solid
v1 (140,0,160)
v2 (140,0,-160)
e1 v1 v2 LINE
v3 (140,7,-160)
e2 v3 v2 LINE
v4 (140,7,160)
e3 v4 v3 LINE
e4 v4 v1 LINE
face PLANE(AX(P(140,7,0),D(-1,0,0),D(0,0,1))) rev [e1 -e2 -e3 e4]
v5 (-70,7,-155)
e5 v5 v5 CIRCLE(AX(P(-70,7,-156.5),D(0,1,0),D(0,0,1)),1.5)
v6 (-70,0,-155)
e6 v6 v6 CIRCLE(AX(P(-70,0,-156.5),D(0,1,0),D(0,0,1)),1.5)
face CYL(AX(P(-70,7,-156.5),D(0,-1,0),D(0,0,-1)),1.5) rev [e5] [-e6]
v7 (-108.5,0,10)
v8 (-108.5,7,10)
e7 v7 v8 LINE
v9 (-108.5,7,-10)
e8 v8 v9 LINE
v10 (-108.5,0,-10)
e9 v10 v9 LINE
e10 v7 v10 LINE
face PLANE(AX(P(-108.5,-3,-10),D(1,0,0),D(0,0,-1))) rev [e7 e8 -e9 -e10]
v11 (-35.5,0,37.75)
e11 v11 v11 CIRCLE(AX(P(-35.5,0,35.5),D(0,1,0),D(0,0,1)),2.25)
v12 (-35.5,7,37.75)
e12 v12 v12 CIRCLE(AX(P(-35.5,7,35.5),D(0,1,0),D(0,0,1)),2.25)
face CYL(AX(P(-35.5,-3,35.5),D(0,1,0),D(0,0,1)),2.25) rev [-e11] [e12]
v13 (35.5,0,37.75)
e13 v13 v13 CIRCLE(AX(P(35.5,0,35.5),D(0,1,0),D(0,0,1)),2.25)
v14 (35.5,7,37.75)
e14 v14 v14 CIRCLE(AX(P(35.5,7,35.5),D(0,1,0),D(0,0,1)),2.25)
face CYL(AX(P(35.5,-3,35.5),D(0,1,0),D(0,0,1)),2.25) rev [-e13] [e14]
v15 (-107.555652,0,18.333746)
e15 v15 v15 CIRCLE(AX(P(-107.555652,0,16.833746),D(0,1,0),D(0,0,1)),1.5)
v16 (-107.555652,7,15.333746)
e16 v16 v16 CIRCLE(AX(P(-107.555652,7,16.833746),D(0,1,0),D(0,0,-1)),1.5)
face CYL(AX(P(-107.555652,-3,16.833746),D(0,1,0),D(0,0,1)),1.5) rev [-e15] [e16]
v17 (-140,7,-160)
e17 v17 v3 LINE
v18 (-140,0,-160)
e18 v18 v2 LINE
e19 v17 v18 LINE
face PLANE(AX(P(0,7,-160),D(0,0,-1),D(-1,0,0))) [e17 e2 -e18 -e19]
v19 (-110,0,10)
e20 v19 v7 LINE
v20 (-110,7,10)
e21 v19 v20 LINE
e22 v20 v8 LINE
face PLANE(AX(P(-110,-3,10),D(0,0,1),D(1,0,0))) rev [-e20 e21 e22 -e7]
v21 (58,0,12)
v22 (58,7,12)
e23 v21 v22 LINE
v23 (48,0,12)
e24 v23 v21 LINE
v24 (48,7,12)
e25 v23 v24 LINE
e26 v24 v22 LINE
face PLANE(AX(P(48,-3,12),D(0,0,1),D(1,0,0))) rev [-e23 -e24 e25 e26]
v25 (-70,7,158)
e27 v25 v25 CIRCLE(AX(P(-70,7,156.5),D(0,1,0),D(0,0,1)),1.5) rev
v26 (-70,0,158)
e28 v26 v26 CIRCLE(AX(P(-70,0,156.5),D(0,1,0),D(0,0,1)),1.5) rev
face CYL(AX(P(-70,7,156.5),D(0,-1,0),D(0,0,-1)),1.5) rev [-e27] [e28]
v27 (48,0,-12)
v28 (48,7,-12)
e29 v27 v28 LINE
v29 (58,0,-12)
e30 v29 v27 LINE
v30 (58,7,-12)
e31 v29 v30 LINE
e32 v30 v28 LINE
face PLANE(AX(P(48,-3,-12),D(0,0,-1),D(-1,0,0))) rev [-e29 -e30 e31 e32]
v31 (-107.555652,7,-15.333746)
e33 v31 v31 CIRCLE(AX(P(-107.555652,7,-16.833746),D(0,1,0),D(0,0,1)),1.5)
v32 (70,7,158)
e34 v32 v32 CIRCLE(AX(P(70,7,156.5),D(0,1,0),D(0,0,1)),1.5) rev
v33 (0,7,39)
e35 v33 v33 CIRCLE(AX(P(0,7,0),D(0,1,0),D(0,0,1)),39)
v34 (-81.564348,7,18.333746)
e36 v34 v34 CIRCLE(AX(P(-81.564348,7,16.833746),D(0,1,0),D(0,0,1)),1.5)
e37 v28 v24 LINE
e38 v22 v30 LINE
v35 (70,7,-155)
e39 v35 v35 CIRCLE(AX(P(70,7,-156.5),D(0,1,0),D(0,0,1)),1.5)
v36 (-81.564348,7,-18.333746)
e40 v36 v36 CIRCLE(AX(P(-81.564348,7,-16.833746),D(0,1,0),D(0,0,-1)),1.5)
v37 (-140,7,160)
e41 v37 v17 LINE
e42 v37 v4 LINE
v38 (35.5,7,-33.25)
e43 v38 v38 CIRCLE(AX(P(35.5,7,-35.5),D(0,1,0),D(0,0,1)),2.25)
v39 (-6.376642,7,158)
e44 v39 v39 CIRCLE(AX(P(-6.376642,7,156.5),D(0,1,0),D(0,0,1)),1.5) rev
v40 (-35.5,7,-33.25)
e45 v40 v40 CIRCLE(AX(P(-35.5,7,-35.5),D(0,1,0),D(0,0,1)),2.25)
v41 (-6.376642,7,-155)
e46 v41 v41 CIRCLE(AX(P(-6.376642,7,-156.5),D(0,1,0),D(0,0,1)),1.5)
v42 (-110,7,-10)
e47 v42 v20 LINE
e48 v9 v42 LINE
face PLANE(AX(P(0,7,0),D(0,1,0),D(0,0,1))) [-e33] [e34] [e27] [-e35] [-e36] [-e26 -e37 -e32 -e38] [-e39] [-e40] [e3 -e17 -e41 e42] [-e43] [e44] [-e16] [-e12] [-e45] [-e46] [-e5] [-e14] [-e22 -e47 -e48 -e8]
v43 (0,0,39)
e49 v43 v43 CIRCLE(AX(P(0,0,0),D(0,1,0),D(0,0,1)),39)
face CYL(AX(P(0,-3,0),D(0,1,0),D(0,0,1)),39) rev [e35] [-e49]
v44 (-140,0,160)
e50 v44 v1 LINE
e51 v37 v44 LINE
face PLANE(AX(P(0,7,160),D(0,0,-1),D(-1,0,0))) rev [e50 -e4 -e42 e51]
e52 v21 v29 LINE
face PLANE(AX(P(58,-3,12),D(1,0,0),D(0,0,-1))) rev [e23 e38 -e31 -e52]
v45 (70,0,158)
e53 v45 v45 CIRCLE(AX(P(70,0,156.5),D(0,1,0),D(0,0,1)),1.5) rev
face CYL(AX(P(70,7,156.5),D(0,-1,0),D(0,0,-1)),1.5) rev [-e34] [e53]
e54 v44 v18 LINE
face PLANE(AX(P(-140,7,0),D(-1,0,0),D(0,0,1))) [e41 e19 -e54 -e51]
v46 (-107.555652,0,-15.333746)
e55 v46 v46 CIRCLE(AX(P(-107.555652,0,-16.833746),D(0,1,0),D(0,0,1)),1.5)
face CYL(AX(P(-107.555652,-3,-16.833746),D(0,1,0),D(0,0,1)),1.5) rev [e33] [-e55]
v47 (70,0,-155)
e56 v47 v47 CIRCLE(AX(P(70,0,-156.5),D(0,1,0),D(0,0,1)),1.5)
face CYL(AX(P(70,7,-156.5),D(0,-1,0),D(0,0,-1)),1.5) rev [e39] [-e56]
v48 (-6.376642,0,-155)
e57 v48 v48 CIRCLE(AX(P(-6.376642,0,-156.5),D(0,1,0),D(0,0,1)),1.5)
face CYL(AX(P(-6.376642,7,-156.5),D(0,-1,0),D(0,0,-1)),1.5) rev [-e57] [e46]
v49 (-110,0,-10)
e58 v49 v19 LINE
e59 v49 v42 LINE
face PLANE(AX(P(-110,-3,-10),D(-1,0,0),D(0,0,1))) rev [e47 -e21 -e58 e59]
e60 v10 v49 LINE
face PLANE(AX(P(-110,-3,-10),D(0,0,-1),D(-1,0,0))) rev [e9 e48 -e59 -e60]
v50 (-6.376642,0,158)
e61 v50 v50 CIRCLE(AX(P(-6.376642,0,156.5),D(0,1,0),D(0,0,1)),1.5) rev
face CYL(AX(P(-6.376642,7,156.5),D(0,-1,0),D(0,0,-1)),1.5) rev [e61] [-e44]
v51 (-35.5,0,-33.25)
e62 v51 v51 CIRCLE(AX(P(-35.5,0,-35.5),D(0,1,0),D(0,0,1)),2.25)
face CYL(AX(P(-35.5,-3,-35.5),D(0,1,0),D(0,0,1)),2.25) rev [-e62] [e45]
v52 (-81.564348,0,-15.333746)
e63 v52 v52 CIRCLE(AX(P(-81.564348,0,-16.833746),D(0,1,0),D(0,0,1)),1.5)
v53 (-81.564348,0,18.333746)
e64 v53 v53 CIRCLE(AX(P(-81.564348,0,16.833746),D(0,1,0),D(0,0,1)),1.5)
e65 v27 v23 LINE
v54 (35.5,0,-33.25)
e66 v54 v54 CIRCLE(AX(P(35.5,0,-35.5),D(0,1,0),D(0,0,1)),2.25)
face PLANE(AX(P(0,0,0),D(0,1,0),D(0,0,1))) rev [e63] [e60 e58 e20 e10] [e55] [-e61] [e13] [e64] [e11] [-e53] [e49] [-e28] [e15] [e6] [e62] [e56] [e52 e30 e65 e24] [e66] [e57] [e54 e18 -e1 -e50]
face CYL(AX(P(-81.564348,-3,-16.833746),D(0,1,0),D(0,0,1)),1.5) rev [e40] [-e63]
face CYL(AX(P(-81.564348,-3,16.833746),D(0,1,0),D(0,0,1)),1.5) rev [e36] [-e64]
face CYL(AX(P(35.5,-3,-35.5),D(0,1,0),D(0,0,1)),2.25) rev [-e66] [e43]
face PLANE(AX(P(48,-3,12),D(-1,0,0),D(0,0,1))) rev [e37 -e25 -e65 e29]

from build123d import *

# Parameters (mm, degrees)
SKETCH1_W           = 280
SKETCH1_H           = 320
SKETCH1_R           = 1.5
BOSS_EXTRUDE1_DEPTH = 7
SKETCH2_R           = 39
SKETCH2_R_2         = 2.25
SKETCH2_R_3         = 1.5
SKETCH2_W           = 10
SKETCH2_H           = 24
SKETCH2_W_2         = 1.5
SKETCH2_H_2         = 20
CUT_EXTRUDE1_DEPTH  = 10


with BuildPart() as part:
    # Sketch1 → Boss-Extrude1 (new body)
    with BuildSketch(Plane(origin=(0, 0, 0), x_dir=(1, 0, 0), z_dir=(0, 1, 0))):
        Rectangle(SKETCH1_W, SKETCH1_H)
        with Locations(Location((-6.376642336, -156.5, 0), (0, 0, 270))):
            Circle(SKETCH1_R, mode=Mode.SUBTRACT)
        with Locations(Location((-70, 156.5, 0), (0, 0, 270))):
            Circle(SKETCH1_R, mode=Mode.SUBTRACT)
        with Locations(Location((-6.376642336, 156.5, 0), (0, 0, 270))):
            Circle(SKETCH1_R, mode=Mode.SUBTRACT)
        with Locations(Location((70, 156.5, 0), (0, 0, 270))):
            Circle(SKETCH1_R, mode=Mode.SUBTRACT)
        with Locations(Location((70, -156.5, 0), (0, 0, 270))):
            Circle(SKETCH1_R, mode=Mode.SUBTRACT)
        with Locations(Location((-70, -156.5, 0), (0, 0, 270))):
            Circle(SKETCH1_R, mode=Mode.SUBTRACT)
    extrude(amount=BOSS_EXTRUDE1_DEPTH)

    # Sketch2 → Cut-Extrude1 (cut)
    with BuildSketch(Plane(origin=(0, 7, 0), x_dir=(1, 0, 0), z_dir=(0, 1, 0))):
        with Locations(Location((0, 0, 0), (0, 0, 270))):
            Circle(SKETCH2_R)
        with Locations(Location((-35.5, 35.5, 0), (0, 0, 270))):
            Circle(SKETCH2_R_2)
        with Locations(Location((35.5, 35.5, 0), (0, 0, 270))):
            Circle(SKETCH2_R_2)
        with Locations(Location((35.5, -35.5, 0), (0, 0, 270))):
            Circle(SKETCH2_R_2)
        with Locations(Location((-35.5, -35.5, 0), (0, 0, 270))):
            Circle(SKETCH2_R_2)
        with Locations(Location((-107.555652062, 16.833746195, 0), (0, 0, 270))):
            Circle(SKETCH2_R_3)
        with Locations(Location((-81.564347938, 16.833746195, 0), (0, 0, 270))):
            Circle(SKETCH2_R_3)
        with Locations(Location((-107.555652062, -16.833746195, 0), (0, 0, 270))):
            Circle(SKETCH2_R_3)
        with Locations(Location((-81.564347938, -16.833746195, 0), (0, 0, 270))):
            Circle(SKETCH2_R_3)
        with Locations((53, 0)):
            Rectangle(SKETCH2_W, SKETCH2_H)
        with Locations((-109.25, 0)):
            Rectangle(SKETCH2_W_2, SKETCH2_H_2)
    extrude(amount=-CUT_EXTRUDE1_DEPTH, mode=Mode.SUBTRACT)


solid = part.part
